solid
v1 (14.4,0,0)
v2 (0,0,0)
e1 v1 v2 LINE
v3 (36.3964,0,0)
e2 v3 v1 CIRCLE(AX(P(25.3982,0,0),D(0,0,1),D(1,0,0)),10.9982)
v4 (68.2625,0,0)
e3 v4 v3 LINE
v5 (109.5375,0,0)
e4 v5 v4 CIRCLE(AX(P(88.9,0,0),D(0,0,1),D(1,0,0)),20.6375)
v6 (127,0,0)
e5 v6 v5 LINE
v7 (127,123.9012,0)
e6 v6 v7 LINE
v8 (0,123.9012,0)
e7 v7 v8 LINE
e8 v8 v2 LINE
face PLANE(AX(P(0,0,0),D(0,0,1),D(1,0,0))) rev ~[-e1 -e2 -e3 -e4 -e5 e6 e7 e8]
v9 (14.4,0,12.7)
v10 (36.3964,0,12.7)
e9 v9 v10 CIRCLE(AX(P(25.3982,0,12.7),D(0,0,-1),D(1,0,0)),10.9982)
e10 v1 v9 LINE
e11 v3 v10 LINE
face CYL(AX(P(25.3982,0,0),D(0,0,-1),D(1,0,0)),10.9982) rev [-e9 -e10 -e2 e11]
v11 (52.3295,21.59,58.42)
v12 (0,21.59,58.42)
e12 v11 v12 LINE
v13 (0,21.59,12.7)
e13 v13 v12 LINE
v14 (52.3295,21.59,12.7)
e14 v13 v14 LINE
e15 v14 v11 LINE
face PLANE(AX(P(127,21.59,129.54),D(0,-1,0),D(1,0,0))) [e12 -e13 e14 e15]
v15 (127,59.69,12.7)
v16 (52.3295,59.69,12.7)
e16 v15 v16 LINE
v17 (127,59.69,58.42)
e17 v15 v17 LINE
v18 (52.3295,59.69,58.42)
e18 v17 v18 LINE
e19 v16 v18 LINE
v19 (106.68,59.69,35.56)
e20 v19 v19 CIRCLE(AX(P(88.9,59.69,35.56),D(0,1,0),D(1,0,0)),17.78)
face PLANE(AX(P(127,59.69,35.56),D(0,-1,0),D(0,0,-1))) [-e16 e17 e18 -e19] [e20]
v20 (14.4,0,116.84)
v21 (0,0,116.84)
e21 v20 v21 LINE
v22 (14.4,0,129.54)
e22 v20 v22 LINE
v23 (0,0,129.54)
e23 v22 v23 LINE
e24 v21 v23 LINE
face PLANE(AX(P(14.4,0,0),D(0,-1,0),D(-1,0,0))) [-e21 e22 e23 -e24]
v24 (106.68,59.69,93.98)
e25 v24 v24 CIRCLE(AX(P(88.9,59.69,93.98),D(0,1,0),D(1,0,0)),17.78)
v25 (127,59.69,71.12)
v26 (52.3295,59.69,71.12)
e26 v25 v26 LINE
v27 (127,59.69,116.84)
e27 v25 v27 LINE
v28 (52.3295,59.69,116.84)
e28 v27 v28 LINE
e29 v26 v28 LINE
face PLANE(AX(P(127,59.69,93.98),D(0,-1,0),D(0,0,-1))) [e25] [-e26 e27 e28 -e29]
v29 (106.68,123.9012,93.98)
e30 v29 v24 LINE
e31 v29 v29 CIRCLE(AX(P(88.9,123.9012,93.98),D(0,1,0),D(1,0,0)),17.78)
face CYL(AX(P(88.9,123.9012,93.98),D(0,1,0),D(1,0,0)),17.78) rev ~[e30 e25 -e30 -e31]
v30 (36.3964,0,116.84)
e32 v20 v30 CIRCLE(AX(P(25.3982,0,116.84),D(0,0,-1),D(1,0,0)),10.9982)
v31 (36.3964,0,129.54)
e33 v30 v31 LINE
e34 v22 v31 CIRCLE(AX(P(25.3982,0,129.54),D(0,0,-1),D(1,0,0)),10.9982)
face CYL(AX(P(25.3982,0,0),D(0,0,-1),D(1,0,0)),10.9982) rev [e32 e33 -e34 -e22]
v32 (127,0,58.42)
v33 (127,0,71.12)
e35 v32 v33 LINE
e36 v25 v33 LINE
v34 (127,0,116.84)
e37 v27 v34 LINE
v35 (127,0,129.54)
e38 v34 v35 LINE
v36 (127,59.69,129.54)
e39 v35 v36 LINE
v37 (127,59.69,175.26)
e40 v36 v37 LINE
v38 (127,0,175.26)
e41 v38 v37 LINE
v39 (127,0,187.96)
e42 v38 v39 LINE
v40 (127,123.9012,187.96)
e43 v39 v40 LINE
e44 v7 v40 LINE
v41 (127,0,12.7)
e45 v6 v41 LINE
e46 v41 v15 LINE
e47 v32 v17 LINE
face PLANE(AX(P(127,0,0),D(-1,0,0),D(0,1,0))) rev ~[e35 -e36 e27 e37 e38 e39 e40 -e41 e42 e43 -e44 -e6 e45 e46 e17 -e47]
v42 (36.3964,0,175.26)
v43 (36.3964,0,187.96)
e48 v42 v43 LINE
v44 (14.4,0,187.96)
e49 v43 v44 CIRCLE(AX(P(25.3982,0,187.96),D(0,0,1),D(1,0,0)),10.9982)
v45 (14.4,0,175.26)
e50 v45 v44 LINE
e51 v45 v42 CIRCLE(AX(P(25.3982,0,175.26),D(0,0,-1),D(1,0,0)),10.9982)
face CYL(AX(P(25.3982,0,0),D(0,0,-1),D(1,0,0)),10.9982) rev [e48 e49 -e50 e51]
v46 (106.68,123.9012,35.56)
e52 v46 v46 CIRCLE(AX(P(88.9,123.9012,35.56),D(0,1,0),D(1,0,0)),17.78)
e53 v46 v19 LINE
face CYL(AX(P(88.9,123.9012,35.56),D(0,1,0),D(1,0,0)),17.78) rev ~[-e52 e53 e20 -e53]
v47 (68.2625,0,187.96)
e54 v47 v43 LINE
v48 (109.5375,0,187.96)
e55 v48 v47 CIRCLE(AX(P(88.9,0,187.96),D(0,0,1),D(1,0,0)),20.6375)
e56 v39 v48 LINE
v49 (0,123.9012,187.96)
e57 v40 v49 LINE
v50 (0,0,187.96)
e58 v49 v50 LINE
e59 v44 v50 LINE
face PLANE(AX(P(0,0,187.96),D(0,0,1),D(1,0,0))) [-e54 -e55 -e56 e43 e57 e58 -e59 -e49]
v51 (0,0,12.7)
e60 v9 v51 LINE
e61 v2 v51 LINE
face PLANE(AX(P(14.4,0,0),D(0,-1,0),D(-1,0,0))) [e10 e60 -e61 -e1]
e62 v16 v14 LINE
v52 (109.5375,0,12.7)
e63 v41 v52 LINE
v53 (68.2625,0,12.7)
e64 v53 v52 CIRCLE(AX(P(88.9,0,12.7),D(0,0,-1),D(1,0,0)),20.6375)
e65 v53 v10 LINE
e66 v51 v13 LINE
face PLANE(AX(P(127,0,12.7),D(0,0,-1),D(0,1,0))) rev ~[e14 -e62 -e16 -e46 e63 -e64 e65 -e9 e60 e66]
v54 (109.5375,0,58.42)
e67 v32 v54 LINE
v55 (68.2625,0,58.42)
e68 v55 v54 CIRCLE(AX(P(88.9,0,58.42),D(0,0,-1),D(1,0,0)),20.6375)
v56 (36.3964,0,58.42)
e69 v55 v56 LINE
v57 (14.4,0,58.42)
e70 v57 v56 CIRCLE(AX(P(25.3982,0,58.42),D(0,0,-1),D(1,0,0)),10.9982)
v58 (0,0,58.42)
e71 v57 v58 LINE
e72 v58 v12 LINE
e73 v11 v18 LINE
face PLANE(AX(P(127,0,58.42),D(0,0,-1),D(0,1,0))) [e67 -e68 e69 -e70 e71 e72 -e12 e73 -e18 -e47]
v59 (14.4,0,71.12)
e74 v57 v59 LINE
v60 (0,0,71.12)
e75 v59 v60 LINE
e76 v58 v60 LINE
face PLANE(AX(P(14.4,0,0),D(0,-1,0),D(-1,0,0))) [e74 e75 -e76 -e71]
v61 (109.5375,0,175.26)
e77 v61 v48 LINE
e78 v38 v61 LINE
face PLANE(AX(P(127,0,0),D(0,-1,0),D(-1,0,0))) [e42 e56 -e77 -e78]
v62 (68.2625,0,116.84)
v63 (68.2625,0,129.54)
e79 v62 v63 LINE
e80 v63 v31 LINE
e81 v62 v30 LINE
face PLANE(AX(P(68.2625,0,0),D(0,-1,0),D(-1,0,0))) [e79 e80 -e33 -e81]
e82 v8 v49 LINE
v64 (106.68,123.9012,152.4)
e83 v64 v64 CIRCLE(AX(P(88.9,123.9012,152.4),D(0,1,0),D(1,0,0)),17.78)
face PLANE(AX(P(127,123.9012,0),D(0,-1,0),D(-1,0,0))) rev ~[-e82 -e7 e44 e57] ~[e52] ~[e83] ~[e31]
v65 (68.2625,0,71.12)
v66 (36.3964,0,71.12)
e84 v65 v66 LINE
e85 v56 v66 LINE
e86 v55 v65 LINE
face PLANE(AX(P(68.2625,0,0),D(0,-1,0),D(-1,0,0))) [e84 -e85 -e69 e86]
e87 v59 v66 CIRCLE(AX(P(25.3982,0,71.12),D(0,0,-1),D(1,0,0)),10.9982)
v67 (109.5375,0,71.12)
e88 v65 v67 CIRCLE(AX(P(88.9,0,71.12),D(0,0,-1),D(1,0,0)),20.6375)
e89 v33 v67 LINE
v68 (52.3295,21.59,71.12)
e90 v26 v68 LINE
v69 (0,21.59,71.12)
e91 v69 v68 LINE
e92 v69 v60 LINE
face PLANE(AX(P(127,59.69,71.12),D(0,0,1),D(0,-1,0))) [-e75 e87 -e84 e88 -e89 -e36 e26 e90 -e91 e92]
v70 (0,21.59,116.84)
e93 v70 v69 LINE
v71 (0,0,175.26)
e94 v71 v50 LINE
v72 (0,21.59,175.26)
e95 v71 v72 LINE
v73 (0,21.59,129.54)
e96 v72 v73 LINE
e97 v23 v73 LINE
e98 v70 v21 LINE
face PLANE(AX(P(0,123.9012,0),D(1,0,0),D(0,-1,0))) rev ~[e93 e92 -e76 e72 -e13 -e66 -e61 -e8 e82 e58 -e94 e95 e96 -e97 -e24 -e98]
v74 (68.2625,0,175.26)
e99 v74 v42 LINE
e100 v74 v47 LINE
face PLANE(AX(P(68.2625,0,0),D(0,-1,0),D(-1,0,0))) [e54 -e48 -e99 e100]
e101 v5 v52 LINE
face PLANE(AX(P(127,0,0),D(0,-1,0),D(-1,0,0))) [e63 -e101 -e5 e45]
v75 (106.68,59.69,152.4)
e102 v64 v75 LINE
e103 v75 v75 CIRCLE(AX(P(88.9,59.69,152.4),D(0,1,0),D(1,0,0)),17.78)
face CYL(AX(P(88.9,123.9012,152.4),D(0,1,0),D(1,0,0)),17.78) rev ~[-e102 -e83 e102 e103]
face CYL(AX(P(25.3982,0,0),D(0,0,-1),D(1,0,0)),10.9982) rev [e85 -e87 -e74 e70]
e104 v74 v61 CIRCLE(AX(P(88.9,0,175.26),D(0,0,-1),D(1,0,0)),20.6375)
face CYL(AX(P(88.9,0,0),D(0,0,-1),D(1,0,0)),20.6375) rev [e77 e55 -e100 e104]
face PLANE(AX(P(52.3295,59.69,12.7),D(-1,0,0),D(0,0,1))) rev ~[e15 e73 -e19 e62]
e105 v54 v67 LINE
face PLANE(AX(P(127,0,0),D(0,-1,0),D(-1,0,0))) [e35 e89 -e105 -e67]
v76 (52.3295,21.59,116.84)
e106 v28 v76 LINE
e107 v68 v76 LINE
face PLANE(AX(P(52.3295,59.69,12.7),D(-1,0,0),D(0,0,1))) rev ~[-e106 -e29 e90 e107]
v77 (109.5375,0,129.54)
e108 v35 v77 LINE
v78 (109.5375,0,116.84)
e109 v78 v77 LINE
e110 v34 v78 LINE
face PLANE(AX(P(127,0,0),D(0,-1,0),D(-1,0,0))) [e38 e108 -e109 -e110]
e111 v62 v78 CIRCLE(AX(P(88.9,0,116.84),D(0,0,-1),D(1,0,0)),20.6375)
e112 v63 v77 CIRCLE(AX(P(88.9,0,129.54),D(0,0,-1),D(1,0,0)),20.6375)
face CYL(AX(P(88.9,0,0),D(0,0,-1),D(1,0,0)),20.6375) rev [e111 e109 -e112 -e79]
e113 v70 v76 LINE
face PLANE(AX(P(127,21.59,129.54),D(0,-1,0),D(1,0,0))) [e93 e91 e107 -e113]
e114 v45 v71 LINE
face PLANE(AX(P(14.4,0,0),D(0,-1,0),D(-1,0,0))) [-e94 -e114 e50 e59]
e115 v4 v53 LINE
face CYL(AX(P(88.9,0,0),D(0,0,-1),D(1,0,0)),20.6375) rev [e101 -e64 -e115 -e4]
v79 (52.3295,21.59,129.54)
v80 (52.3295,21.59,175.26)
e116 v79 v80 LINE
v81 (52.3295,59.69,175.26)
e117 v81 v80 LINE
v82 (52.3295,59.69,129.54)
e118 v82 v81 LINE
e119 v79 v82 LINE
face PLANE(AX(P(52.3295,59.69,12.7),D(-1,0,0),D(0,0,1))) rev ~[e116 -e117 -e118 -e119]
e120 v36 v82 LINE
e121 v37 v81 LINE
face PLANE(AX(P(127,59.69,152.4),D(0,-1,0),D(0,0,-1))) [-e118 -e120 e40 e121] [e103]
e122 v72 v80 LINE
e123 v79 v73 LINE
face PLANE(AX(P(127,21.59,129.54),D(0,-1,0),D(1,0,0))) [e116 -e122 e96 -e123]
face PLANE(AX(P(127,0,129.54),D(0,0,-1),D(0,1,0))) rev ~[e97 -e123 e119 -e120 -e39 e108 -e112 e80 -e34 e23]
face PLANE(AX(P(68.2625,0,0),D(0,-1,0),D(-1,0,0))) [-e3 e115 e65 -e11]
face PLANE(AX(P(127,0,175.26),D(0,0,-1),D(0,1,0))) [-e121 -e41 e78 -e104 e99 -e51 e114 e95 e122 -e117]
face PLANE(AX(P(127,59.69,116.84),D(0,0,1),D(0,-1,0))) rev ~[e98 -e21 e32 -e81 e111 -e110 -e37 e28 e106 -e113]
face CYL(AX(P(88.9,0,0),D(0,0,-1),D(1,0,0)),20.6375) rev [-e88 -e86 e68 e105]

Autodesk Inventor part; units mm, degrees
ref_plane "YZ Plane" through (0, 0, 0) normal (1, 0, 0) x (0, 1, 0)
ref_plane "XZ Plane" through (0, 0, 0) normal (0, 1, 0) x (-1, 0, 0)
ref_plane "XY Plane" through (0, 0, 0) normal (0, 0, 1) x (1, 0, 0)
sketch "Sketch1" plane through (0, 0, 0) normal (0, 0, 1) x (1, 0, 0)
  line L0 (127, 0) -> (127, 123.9012)
  line L1 (127, 123.9012) -> (0, 123.9012)
  line L2 (0, 123.9012) -> (0, 0)
  arc A0 (109.5375, 0) -> (68.2625, 0) centre (88.9, 0) ccw
  arc A1 (36.3964, 0) -> (14.4, 0) centre (25.3982, 0) ccw
  line L3 (14.4, 0) -> (0, 0)
  line L4 (127, 0) -> (109.5375, 0)
  line L5 (68.2625, 0) -> (36.3964, 0)
  dimension "d0" = 127
  dimension "d1" = 123.9012
  dimension "d2" = 41.275
  dimension "d25" = 38.1
  dimension "d26" = 21.9964
extrude "Extrusion1" add sketch "Sketch1" along normal blind 187.96
sketch "Sketch2" plane through (0, 123.9012, 0) normal (0, 1, 0) x (1, 0, 0)
  circle A0 centre (88.9, -152.4) radius 17.78
  line L0 (127, -187.96) -> (0, -187.96) projected
  line L1 (127, 0) -> (127, -187.96) projected
  circle A1 centre (88.9, -93.98) radius 17.78
  circle A2 centre (88.9, -35.56) radius 17.78
  line L2 (127, 0) -> (0, 0) projected
  point P0 (127, -35.56)
  point P1 (127, -93.98)
  point P2 (127, -152.4)
  dimension "d6" = 35.56
  dimension "d7" = 38.1
  dimension "d10" = 35.56
  dimension "d11" = 38.1
  dimension "d13" = 58.42
  dimension "d14" = 38.1
  dimension "d29" = 35.56
sketch "Sketch3" plane through (127, 0, 0) normal (1, 0, 0) x (0, 0, -1)
  line L0 (0, 123.9012) -> (-187.96, 123.9012) projected
  line L1 (0, 0) -> (-187.96, 0) projected
  line L2 (-35.56, 59.69) -> (-35.56, 0)
  line L3 (0, 0) -> (-187.96, 0) projected
  line L4 (-93.98, 0) -> (-93.98, 59.69)
  line L5 (-152.4, 59.69) -> (-152.4, 0)
  line L6 (0, 0) -> (0, 123.9012) projected
  line L7 (-187.96, 0) -> (-175.26, 0)
  line L8 (-175.26, 0) -> (-175.26, 59.69)
  line L9 (-175.26, 123.9012) -> (-187.96, 123.9012)
  line L10 (-187.96, 123.9012) -> (-187.96, 0)
  line L11 (-116.84, 0) -> (-129.54, 0)
  line L12 (-129.54, 0) -> (-129.54, 59.69)
  line L13 (-129.54, 123.9012) -> (-116.84, 123.9012)
  line L14 (-116.84, 59.69) -> (-116.84, 0)
  line L15 (-35.56, 59.69) -> (-35.56, 0)
  line L16 (0, 0) -> (-12.7, 0)
  line L17 (-12.7, 0) -> (-12.7, 59.69)
  line L18 (-12.7, 123.9012) -> (0, 123.9012)
  line L19 (0, 123.9012) -> (0, 0)
  line L20 (-71.12, 0) -> (-58.42, 0)
  line L21 (-58.42, 0) -> (-58.42, 59.69)
  line L22 (-58.42, 123.9012) -> (-71.12, 123.9012)
  line L23 (-71.12, 59.69) -> (-71.12, 0)
  line L24 (-187.96, 123.9012) -> (-187.96, 0) projected
  line L25 (-187.96, 123.9012) -> (0, 123.9012)
  line L26 (-58.42, 59.69) -> (-12.7, 59.69)
  line L27 (-175.26, 59.69) -> (-129.54, 59.69)
  line L28 (-116.84, 59.69) -> (-71.12, 59.69)
  dimension "d15" = 35.56
  dimension "d16" = 93.98
  dimension "d17" = 152.4
  dimension "d18" = 12.7
extrude "Extrusion2" cut sketch "Sketch3" against normal blind 187.96 contours L1 L2 L26 L17 | L1 L21 L26 L2 | L1 L4 L28 L23 | L1 L14 L28 L4 | L1 L5 L27 L12 | L8 L27 L5 L1
extrude "Extrusion3" cut sketch "Sketch2" against normal blind 187.96
sketch "Sketch4" plane through (127, 59.69, 129.54) normal (0, -1, 0) x (1, 0, 0)
  line L0 (-58.7375, -116.84) -> (-90.6036, -116.84) projected
  line L1 (-74.6705, -116.84) -> (-74.6705, 45.72)
  line L2 (-90.6036, 45.72) -> (-58.7375, 45.72) projected
  line L3 (-74.6705, 45.72) -> (-127, 45.72)
  line L4 (-127, -116.84) -> (-127, -71.12) projected
  line L5 (-127, 45.72) -> (-127, -116.84)
  line L6 (-127, -116.84) -> (-74.6705, -116.84)
  point P0 (-127, -129.54)
extrude "Extrusion4" add sketch "Sketch4" along normal blind 38.1
properties part number "E.Engine Block Top"
